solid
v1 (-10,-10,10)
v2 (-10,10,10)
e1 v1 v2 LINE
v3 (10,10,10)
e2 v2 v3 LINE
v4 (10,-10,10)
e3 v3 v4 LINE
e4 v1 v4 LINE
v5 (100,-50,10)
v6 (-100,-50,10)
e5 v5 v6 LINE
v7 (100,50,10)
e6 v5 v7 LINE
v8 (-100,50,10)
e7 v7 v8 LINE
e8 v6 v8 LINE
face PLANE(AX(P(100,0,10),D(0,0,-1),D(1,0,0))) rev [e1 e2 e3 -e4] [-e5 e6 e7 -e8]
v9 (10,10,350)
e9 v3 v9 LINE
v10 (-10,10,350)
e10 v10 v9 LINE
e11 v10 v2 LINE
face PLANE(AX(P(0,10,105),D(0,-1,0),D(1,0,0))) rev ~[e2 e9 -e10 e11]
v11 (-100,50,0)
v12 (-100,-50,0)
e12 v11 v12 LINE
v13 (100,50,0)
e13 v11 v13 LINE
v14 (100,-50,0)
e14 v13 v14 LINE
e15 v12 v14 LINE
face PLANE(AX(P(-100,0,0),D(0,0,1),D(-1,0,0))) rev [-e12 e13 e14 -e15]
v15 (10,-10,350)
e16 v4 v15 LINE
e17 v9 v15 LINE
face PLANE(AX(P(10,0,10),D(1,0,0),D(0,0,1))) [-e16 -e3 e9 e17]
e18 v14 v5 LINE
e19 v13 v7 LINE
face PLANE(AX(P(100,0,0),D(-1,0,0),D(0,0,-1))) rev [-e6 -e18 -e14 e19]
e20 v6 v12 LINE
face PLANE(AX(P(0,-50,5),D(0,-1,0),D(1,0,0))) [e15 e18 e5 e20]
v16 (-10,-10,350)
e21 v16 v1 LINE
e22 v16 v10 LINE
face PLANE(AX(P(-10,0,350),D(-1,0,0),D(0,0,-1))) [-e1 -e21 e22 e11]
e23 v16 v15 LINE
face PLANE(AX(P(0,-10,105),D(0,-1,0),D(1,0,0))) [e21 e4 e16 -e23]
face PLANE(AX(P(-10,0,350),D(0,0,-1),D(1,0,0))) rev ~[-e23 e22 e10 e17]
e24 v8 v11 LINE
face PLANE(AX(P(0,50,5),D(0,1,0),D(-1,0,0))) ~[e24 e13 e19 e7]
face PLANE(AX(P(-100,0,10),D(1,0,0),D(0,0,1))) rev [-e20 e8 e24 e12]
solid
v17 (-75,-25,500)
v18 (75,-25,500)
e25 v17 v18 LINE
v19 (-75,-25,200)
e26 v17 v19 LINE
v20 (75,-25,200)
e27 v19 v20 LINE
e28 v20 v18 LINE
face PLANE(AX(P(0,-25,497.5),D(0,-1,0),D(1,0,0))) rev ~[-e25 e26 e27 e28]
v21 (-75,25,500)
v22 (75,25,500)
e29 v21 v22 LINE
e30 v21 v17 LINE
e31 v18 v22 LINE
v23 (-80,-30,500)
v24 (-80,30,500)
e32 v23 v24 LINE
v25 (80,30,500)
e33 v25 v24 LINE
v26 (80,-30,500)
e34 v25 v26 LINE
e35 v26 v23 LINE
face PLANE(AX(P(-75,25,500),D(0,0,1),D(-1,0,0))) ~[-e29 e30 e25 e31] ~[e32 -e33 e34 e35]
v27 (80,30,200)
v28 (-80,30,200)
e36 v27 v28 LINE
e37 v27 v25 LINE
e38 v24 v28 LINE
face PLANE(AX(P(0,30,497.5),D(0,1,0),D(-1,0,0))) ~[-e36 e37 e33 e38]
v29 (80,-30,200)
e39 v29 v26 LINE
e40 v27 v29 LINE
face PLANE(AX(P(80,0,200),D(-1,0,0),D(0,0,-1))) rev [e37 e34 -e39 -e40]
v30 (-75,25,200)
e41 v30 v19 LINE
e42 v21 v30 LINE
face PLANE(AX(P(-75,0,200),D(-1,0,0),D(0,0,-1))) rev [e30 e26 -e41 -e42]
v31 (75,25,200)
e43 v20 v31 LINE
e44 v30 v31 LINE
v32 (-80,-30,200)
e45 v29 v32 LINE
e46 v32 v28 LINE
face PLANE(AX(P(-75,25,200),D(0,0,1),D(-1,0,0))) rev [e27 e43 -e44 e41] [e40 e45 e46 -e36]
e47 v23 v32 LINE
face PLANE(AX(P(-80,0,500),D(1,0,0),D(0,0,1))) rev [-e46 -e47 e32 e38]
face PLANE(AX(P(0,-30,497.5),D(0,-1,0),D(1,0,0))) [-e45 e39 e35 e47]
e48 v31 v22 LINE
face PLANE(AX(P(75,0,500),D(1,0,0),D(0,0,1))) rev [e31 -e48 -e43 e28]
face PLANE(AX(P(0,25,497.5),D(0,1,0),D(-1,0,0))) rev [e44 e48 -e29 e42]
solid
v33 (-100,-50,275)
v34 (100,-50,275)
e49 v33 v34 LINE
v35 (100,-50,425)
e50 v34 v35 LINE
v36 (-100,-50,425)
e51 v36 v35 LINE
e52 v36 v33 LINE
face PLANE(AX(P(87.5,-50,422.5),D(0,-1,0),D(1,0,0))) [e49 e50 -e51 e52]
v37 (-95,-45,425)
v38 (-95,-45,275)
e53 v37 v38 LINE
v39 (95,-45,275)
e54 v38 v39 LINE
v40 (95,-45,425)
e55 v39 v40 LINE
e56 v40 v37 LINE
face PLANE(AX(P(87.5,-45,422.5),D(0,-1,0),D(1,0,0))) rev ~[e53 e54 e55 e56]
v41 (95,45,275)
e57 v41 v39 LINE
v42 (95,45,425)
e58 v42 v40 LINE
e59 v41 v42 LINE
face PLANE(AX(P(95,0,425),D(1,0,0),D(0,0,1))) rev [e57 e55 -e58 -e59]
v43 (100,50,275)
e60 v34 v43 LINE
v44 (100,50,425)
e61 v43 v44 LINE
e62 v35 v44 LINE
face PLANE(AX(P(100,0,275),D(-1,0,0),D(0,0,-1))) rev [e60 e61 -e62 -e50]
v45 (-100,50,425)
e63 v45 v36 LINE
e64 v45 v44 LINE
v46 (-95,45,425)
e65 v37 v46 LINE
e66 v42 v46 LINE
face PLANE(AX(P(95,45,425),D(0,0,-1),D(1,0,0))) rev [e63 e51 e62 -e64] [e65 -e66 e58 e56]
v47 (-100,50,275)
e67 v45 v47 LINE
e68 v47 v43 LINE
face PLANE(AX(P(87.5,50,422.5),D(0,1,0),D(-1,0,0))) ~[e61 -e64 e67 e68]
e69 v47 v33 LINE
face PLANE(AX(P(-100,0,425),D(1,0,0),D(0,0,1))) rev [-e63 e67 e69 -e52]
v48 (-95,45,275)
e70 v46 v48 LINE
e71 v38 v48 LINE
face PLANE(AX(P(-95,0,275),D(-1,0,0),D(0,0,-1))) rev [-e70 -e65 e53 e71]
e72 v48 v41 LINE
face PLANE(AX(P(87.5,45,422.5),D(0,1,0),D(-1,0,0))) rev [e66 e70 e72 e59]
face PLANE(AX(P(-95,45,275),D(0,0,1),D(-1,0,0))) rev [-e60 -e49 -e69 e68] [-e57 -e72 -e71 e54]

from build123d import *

# Parameters (mm, degrees)
F0_W          = 20
F0_H          = 190
F0_H_2        = 5
F0_H_3        = 70
F1_DEPTH      = 10
F1_DEPTH_BACK = 10
F2_DEPTH      = 50
F3_START      = 45
F0_W_2        = 15
F0_W_3        = 75
F0_W_4        = 5
F0_H_4        = 140
F0_W_5        = 65
F3_DEPTH      = 5
F4_DEPTH      = 30
F5_START      = 25
F0_W_6        = 150
F5_DEPTH      = 5


with BuildPart() as f1:
    # F0 (on Front) → F1 (new body, two sides)
    with BuildSketch(Plane.XZ) as f1_sk:
        with Locations((0, 105)):
            Rectangle(F0_W, F0_H)
        with Locations((0, 202.5)):
            Rectangle(F0_W, F0_H_2)
        with Locations((0, 240)):
            Rectangle(F0_W, F0_H_3)
        with Locations((0, 277.5)):
            Rectangle(F0_W, F0_H_2)
        with Locations((0, 315)):
            Rectangle(F0_W, F0_H_3)
    extrude(amount=F1_DEPTH)
    extrude(f1_sk.sketch, amount=-F1_DEPTH_BACK)

    # F0 (on Front) → F2, piece 3 (join)
    with BuildSketch(Plane.XZ):
        Polygon((10, 10), (-10, 10), (-100, 10), (-100, 0), (100, 0), (100, 10), align=None)
    extrude(amount=F2_DEPTH)



with BuildPart() as f2:
    # F0 (on Front) → F2 (new body)
    with BuildSketch(Plane.XZ):
        Polygon((-95, 425), (-100, 425), (-100, 275), (-95, 275), (-95, 280), (-95, 420), align=None)
    extrude(amount=F2_DEPTH)



with BuildPart() as f2b:
    # F0 (on Front) → F2, piece 2 (new body)
    with BuildSketch(Plane.XZ):
        Polygon((100, 425), (95, 425), (95, 420), (95, 280), (95, 275), (100, 275), align=None)
    extrude(amount=F2_DEPTH)


with BuildPart() as f2_1:
    add(f2.part)

    add(f2b.part)  # F3 merges F2b
    # F0 (on Front) → F3 (join)
    with BuildSketch(Plane.XZ.offset(F3_START)):
        with Locations((87.5, 422.5)):
            Rectangle(F0_W_2, F0_H_2)
        with Locations((37.5, 422.5)):
            Rectangle(F0_W_3, F0_H_2)
        with Locations((77.5, 422.5)):
            Rectangle(F0_W_4, F0_H_2)
        with Locations((-37.5, 422.5)):
            Rectangle(F0_W_3, F0_H_2)
        with Locations((-87.5, 422.5)):
            Rectangle(F0_W_2, F0_H_2)
        with Locations((-77.5, 422.5)):
            Rectangle(F0_W_4, F0_H_2)
        with Locations((-87.5, 350)):
            Rectangle(F0_W_2, F0_H_4)
        with Locations((-77.5, 350)):
            Rectangle(F0_W_4, F0_H_4)
        with Locations((77.5, 350)):
            Rectangle(F0_W_4, F0_H_4)
        with Locations((87.5, 350)):
            Rectangle(F0_W_2, F0_H_4)
        Polygon((0, 420), (-75, 420), (-75, 280), (-10, 280), (-10, 350), (10, 350), (10, 280), (75, 280), (75, 420), align=None)
        with Locations((0, 315)):
            Rectangle(F0_W, F0_H_3)
        with Locations((87.5, 277.5)):
            Rectangle(F0_W_2, F0_H_2)
        with Locations((77.5, 277.5)):
            Rectangle(F0_W_4, F0_H_2)
        with Locations((42.5, 277.5)):
            Rectangle(F0_W_5, F0_H_2)
        with Locations((0, 277.5)):
            Rectangle(F0_W, F0_H_2)
        with Locations((-42.5, 277.5)):
            Rectangle(F0_W_5, F0_H_2)
        with Locations((-77.5, 277.5)):
            Rectangle(F0_W_4, F0_H_2)
        with Locations((-87.5, 277.5)):
            Rectangle(F0_W_2, F0_H_2)
    extrude(amount=F3_DEPTH)


with BuildPart() as f4:
    # F0 (on Front) → F4 (new body)
    with BuildSketch(Plane.XZ):
        Polygon((75, 495), (75, 425), (80, 425), (80, 500), (75, 500), align=None)
        with Locations((77.5, 422.5)):
            Rectangle(F0_W_4, F0_H_2)
        with Locations((77.5, 350)):
            Rectangle(F0_W_4, F0_H_4)
        with Locations((77.5, 277.5)):
            Rectangle(F0_W_4, F0_H_2)
        Polygon((80, 275), (75, 275), (75, 205), (75, 200), (80, 200), align=None)
    extrude(amount=F4_DEPTH)



with BuildPart() as f4b:
    # F0 (on Front) → F4, piece 2 (new body)
    with BuildSketch(Plane.XZ):
        Polygon((-75, 275), (-80, 275), (-80, 200), (-75, 200), (-75, 205), align=None)
        with Locations((-77.5, 277.5)):
            Rectangle(F0_W_4, F0_H_2)
        with Locations((-77.5, 350)):
            Rectangle(F0_W_4, F0_H_4)
        Polygon((-80, 500), (-80, 425), (-75, 425), (-75, 495), (-75, 500), align=None)
        with Locations((-77.5, 422.5)):
            Rectangle(F0_W_4, F0_H_2)
    extrude(amount=F4_DEPTH)


with BuildPart() as f4_1:
    add(f4.part)

    add(f4b.part)  # F5 merges F4b
    # F0 (on Front) → F5 (join)
    with BuildSketch(Plane.XZ.offset(F5_START)):
        with Locations((0, 497.5)):
            Rectangle(F0_W_6, F0_H_2)
        Polygon((-75, 495), (-75, 425), (0, 425), (75, 425), (75, 495), align=None)
        with Locations((37.5, 422.5)):
            Rectangle(F0_W_3, F0_H_2)
        with Locations((-37.5, 422.5)):
            Rectangle(F0_W_3, F0_H_2)
        Polygon((0, 420), (-75, 420), (-75, 280), (-10, 280), (-10, 350), (10, 350), (10, 280), (75, 280), (75, 420), align=None)
        with Locations((0, 315)):
            Rectangle(F0_W, F0_H_3)
        with Locations((0, 277.5)):
            Rectangle(F0_W, F0_H_2)
        with Locations((-42.5, 277.5)):
            Rectangle(F0_W_5, F0_H_2)
        with Locations((42.5, 277.5)):
            Rectangle(F0_W_5, F0_H_2)
        with Locations((42.5, 240)):
            Rectangle(F0_W_5, F0_H_3)
        with Locations((-42.5, 240)):
            Rectangle(F0_W_5, F0_H_3)
        with Locations((0, 240)):
            Rectangle(F0_W, F0_H_3)
        with Locations((42.5, 202.5)):
            Rectangle(F0_W_5, F0_H_2)
        with Locations((0, 202.5)):
            Rectangle(F0_W, F0_H_2)
        with Locations((-42.5, 202.5)):
            Rectangle(F0_W_5, F0_H_2)
    extrude(amount=F5_DEPTH)


with BuildPart() as f1_1:
    add(f1.part)

    add(f2_1.part)  # F6 merges F2

    add(f4_1.part)  # F6 merges F4
    # F6: F4, F2, F1 across plane
    add(f4_1.part.mirror(Plane.XZ))
    add(f2_1.part.mirror(Plane.XZ))
    add(f1.part.mirror(Plane.XZ))


solid = f1_1.part
